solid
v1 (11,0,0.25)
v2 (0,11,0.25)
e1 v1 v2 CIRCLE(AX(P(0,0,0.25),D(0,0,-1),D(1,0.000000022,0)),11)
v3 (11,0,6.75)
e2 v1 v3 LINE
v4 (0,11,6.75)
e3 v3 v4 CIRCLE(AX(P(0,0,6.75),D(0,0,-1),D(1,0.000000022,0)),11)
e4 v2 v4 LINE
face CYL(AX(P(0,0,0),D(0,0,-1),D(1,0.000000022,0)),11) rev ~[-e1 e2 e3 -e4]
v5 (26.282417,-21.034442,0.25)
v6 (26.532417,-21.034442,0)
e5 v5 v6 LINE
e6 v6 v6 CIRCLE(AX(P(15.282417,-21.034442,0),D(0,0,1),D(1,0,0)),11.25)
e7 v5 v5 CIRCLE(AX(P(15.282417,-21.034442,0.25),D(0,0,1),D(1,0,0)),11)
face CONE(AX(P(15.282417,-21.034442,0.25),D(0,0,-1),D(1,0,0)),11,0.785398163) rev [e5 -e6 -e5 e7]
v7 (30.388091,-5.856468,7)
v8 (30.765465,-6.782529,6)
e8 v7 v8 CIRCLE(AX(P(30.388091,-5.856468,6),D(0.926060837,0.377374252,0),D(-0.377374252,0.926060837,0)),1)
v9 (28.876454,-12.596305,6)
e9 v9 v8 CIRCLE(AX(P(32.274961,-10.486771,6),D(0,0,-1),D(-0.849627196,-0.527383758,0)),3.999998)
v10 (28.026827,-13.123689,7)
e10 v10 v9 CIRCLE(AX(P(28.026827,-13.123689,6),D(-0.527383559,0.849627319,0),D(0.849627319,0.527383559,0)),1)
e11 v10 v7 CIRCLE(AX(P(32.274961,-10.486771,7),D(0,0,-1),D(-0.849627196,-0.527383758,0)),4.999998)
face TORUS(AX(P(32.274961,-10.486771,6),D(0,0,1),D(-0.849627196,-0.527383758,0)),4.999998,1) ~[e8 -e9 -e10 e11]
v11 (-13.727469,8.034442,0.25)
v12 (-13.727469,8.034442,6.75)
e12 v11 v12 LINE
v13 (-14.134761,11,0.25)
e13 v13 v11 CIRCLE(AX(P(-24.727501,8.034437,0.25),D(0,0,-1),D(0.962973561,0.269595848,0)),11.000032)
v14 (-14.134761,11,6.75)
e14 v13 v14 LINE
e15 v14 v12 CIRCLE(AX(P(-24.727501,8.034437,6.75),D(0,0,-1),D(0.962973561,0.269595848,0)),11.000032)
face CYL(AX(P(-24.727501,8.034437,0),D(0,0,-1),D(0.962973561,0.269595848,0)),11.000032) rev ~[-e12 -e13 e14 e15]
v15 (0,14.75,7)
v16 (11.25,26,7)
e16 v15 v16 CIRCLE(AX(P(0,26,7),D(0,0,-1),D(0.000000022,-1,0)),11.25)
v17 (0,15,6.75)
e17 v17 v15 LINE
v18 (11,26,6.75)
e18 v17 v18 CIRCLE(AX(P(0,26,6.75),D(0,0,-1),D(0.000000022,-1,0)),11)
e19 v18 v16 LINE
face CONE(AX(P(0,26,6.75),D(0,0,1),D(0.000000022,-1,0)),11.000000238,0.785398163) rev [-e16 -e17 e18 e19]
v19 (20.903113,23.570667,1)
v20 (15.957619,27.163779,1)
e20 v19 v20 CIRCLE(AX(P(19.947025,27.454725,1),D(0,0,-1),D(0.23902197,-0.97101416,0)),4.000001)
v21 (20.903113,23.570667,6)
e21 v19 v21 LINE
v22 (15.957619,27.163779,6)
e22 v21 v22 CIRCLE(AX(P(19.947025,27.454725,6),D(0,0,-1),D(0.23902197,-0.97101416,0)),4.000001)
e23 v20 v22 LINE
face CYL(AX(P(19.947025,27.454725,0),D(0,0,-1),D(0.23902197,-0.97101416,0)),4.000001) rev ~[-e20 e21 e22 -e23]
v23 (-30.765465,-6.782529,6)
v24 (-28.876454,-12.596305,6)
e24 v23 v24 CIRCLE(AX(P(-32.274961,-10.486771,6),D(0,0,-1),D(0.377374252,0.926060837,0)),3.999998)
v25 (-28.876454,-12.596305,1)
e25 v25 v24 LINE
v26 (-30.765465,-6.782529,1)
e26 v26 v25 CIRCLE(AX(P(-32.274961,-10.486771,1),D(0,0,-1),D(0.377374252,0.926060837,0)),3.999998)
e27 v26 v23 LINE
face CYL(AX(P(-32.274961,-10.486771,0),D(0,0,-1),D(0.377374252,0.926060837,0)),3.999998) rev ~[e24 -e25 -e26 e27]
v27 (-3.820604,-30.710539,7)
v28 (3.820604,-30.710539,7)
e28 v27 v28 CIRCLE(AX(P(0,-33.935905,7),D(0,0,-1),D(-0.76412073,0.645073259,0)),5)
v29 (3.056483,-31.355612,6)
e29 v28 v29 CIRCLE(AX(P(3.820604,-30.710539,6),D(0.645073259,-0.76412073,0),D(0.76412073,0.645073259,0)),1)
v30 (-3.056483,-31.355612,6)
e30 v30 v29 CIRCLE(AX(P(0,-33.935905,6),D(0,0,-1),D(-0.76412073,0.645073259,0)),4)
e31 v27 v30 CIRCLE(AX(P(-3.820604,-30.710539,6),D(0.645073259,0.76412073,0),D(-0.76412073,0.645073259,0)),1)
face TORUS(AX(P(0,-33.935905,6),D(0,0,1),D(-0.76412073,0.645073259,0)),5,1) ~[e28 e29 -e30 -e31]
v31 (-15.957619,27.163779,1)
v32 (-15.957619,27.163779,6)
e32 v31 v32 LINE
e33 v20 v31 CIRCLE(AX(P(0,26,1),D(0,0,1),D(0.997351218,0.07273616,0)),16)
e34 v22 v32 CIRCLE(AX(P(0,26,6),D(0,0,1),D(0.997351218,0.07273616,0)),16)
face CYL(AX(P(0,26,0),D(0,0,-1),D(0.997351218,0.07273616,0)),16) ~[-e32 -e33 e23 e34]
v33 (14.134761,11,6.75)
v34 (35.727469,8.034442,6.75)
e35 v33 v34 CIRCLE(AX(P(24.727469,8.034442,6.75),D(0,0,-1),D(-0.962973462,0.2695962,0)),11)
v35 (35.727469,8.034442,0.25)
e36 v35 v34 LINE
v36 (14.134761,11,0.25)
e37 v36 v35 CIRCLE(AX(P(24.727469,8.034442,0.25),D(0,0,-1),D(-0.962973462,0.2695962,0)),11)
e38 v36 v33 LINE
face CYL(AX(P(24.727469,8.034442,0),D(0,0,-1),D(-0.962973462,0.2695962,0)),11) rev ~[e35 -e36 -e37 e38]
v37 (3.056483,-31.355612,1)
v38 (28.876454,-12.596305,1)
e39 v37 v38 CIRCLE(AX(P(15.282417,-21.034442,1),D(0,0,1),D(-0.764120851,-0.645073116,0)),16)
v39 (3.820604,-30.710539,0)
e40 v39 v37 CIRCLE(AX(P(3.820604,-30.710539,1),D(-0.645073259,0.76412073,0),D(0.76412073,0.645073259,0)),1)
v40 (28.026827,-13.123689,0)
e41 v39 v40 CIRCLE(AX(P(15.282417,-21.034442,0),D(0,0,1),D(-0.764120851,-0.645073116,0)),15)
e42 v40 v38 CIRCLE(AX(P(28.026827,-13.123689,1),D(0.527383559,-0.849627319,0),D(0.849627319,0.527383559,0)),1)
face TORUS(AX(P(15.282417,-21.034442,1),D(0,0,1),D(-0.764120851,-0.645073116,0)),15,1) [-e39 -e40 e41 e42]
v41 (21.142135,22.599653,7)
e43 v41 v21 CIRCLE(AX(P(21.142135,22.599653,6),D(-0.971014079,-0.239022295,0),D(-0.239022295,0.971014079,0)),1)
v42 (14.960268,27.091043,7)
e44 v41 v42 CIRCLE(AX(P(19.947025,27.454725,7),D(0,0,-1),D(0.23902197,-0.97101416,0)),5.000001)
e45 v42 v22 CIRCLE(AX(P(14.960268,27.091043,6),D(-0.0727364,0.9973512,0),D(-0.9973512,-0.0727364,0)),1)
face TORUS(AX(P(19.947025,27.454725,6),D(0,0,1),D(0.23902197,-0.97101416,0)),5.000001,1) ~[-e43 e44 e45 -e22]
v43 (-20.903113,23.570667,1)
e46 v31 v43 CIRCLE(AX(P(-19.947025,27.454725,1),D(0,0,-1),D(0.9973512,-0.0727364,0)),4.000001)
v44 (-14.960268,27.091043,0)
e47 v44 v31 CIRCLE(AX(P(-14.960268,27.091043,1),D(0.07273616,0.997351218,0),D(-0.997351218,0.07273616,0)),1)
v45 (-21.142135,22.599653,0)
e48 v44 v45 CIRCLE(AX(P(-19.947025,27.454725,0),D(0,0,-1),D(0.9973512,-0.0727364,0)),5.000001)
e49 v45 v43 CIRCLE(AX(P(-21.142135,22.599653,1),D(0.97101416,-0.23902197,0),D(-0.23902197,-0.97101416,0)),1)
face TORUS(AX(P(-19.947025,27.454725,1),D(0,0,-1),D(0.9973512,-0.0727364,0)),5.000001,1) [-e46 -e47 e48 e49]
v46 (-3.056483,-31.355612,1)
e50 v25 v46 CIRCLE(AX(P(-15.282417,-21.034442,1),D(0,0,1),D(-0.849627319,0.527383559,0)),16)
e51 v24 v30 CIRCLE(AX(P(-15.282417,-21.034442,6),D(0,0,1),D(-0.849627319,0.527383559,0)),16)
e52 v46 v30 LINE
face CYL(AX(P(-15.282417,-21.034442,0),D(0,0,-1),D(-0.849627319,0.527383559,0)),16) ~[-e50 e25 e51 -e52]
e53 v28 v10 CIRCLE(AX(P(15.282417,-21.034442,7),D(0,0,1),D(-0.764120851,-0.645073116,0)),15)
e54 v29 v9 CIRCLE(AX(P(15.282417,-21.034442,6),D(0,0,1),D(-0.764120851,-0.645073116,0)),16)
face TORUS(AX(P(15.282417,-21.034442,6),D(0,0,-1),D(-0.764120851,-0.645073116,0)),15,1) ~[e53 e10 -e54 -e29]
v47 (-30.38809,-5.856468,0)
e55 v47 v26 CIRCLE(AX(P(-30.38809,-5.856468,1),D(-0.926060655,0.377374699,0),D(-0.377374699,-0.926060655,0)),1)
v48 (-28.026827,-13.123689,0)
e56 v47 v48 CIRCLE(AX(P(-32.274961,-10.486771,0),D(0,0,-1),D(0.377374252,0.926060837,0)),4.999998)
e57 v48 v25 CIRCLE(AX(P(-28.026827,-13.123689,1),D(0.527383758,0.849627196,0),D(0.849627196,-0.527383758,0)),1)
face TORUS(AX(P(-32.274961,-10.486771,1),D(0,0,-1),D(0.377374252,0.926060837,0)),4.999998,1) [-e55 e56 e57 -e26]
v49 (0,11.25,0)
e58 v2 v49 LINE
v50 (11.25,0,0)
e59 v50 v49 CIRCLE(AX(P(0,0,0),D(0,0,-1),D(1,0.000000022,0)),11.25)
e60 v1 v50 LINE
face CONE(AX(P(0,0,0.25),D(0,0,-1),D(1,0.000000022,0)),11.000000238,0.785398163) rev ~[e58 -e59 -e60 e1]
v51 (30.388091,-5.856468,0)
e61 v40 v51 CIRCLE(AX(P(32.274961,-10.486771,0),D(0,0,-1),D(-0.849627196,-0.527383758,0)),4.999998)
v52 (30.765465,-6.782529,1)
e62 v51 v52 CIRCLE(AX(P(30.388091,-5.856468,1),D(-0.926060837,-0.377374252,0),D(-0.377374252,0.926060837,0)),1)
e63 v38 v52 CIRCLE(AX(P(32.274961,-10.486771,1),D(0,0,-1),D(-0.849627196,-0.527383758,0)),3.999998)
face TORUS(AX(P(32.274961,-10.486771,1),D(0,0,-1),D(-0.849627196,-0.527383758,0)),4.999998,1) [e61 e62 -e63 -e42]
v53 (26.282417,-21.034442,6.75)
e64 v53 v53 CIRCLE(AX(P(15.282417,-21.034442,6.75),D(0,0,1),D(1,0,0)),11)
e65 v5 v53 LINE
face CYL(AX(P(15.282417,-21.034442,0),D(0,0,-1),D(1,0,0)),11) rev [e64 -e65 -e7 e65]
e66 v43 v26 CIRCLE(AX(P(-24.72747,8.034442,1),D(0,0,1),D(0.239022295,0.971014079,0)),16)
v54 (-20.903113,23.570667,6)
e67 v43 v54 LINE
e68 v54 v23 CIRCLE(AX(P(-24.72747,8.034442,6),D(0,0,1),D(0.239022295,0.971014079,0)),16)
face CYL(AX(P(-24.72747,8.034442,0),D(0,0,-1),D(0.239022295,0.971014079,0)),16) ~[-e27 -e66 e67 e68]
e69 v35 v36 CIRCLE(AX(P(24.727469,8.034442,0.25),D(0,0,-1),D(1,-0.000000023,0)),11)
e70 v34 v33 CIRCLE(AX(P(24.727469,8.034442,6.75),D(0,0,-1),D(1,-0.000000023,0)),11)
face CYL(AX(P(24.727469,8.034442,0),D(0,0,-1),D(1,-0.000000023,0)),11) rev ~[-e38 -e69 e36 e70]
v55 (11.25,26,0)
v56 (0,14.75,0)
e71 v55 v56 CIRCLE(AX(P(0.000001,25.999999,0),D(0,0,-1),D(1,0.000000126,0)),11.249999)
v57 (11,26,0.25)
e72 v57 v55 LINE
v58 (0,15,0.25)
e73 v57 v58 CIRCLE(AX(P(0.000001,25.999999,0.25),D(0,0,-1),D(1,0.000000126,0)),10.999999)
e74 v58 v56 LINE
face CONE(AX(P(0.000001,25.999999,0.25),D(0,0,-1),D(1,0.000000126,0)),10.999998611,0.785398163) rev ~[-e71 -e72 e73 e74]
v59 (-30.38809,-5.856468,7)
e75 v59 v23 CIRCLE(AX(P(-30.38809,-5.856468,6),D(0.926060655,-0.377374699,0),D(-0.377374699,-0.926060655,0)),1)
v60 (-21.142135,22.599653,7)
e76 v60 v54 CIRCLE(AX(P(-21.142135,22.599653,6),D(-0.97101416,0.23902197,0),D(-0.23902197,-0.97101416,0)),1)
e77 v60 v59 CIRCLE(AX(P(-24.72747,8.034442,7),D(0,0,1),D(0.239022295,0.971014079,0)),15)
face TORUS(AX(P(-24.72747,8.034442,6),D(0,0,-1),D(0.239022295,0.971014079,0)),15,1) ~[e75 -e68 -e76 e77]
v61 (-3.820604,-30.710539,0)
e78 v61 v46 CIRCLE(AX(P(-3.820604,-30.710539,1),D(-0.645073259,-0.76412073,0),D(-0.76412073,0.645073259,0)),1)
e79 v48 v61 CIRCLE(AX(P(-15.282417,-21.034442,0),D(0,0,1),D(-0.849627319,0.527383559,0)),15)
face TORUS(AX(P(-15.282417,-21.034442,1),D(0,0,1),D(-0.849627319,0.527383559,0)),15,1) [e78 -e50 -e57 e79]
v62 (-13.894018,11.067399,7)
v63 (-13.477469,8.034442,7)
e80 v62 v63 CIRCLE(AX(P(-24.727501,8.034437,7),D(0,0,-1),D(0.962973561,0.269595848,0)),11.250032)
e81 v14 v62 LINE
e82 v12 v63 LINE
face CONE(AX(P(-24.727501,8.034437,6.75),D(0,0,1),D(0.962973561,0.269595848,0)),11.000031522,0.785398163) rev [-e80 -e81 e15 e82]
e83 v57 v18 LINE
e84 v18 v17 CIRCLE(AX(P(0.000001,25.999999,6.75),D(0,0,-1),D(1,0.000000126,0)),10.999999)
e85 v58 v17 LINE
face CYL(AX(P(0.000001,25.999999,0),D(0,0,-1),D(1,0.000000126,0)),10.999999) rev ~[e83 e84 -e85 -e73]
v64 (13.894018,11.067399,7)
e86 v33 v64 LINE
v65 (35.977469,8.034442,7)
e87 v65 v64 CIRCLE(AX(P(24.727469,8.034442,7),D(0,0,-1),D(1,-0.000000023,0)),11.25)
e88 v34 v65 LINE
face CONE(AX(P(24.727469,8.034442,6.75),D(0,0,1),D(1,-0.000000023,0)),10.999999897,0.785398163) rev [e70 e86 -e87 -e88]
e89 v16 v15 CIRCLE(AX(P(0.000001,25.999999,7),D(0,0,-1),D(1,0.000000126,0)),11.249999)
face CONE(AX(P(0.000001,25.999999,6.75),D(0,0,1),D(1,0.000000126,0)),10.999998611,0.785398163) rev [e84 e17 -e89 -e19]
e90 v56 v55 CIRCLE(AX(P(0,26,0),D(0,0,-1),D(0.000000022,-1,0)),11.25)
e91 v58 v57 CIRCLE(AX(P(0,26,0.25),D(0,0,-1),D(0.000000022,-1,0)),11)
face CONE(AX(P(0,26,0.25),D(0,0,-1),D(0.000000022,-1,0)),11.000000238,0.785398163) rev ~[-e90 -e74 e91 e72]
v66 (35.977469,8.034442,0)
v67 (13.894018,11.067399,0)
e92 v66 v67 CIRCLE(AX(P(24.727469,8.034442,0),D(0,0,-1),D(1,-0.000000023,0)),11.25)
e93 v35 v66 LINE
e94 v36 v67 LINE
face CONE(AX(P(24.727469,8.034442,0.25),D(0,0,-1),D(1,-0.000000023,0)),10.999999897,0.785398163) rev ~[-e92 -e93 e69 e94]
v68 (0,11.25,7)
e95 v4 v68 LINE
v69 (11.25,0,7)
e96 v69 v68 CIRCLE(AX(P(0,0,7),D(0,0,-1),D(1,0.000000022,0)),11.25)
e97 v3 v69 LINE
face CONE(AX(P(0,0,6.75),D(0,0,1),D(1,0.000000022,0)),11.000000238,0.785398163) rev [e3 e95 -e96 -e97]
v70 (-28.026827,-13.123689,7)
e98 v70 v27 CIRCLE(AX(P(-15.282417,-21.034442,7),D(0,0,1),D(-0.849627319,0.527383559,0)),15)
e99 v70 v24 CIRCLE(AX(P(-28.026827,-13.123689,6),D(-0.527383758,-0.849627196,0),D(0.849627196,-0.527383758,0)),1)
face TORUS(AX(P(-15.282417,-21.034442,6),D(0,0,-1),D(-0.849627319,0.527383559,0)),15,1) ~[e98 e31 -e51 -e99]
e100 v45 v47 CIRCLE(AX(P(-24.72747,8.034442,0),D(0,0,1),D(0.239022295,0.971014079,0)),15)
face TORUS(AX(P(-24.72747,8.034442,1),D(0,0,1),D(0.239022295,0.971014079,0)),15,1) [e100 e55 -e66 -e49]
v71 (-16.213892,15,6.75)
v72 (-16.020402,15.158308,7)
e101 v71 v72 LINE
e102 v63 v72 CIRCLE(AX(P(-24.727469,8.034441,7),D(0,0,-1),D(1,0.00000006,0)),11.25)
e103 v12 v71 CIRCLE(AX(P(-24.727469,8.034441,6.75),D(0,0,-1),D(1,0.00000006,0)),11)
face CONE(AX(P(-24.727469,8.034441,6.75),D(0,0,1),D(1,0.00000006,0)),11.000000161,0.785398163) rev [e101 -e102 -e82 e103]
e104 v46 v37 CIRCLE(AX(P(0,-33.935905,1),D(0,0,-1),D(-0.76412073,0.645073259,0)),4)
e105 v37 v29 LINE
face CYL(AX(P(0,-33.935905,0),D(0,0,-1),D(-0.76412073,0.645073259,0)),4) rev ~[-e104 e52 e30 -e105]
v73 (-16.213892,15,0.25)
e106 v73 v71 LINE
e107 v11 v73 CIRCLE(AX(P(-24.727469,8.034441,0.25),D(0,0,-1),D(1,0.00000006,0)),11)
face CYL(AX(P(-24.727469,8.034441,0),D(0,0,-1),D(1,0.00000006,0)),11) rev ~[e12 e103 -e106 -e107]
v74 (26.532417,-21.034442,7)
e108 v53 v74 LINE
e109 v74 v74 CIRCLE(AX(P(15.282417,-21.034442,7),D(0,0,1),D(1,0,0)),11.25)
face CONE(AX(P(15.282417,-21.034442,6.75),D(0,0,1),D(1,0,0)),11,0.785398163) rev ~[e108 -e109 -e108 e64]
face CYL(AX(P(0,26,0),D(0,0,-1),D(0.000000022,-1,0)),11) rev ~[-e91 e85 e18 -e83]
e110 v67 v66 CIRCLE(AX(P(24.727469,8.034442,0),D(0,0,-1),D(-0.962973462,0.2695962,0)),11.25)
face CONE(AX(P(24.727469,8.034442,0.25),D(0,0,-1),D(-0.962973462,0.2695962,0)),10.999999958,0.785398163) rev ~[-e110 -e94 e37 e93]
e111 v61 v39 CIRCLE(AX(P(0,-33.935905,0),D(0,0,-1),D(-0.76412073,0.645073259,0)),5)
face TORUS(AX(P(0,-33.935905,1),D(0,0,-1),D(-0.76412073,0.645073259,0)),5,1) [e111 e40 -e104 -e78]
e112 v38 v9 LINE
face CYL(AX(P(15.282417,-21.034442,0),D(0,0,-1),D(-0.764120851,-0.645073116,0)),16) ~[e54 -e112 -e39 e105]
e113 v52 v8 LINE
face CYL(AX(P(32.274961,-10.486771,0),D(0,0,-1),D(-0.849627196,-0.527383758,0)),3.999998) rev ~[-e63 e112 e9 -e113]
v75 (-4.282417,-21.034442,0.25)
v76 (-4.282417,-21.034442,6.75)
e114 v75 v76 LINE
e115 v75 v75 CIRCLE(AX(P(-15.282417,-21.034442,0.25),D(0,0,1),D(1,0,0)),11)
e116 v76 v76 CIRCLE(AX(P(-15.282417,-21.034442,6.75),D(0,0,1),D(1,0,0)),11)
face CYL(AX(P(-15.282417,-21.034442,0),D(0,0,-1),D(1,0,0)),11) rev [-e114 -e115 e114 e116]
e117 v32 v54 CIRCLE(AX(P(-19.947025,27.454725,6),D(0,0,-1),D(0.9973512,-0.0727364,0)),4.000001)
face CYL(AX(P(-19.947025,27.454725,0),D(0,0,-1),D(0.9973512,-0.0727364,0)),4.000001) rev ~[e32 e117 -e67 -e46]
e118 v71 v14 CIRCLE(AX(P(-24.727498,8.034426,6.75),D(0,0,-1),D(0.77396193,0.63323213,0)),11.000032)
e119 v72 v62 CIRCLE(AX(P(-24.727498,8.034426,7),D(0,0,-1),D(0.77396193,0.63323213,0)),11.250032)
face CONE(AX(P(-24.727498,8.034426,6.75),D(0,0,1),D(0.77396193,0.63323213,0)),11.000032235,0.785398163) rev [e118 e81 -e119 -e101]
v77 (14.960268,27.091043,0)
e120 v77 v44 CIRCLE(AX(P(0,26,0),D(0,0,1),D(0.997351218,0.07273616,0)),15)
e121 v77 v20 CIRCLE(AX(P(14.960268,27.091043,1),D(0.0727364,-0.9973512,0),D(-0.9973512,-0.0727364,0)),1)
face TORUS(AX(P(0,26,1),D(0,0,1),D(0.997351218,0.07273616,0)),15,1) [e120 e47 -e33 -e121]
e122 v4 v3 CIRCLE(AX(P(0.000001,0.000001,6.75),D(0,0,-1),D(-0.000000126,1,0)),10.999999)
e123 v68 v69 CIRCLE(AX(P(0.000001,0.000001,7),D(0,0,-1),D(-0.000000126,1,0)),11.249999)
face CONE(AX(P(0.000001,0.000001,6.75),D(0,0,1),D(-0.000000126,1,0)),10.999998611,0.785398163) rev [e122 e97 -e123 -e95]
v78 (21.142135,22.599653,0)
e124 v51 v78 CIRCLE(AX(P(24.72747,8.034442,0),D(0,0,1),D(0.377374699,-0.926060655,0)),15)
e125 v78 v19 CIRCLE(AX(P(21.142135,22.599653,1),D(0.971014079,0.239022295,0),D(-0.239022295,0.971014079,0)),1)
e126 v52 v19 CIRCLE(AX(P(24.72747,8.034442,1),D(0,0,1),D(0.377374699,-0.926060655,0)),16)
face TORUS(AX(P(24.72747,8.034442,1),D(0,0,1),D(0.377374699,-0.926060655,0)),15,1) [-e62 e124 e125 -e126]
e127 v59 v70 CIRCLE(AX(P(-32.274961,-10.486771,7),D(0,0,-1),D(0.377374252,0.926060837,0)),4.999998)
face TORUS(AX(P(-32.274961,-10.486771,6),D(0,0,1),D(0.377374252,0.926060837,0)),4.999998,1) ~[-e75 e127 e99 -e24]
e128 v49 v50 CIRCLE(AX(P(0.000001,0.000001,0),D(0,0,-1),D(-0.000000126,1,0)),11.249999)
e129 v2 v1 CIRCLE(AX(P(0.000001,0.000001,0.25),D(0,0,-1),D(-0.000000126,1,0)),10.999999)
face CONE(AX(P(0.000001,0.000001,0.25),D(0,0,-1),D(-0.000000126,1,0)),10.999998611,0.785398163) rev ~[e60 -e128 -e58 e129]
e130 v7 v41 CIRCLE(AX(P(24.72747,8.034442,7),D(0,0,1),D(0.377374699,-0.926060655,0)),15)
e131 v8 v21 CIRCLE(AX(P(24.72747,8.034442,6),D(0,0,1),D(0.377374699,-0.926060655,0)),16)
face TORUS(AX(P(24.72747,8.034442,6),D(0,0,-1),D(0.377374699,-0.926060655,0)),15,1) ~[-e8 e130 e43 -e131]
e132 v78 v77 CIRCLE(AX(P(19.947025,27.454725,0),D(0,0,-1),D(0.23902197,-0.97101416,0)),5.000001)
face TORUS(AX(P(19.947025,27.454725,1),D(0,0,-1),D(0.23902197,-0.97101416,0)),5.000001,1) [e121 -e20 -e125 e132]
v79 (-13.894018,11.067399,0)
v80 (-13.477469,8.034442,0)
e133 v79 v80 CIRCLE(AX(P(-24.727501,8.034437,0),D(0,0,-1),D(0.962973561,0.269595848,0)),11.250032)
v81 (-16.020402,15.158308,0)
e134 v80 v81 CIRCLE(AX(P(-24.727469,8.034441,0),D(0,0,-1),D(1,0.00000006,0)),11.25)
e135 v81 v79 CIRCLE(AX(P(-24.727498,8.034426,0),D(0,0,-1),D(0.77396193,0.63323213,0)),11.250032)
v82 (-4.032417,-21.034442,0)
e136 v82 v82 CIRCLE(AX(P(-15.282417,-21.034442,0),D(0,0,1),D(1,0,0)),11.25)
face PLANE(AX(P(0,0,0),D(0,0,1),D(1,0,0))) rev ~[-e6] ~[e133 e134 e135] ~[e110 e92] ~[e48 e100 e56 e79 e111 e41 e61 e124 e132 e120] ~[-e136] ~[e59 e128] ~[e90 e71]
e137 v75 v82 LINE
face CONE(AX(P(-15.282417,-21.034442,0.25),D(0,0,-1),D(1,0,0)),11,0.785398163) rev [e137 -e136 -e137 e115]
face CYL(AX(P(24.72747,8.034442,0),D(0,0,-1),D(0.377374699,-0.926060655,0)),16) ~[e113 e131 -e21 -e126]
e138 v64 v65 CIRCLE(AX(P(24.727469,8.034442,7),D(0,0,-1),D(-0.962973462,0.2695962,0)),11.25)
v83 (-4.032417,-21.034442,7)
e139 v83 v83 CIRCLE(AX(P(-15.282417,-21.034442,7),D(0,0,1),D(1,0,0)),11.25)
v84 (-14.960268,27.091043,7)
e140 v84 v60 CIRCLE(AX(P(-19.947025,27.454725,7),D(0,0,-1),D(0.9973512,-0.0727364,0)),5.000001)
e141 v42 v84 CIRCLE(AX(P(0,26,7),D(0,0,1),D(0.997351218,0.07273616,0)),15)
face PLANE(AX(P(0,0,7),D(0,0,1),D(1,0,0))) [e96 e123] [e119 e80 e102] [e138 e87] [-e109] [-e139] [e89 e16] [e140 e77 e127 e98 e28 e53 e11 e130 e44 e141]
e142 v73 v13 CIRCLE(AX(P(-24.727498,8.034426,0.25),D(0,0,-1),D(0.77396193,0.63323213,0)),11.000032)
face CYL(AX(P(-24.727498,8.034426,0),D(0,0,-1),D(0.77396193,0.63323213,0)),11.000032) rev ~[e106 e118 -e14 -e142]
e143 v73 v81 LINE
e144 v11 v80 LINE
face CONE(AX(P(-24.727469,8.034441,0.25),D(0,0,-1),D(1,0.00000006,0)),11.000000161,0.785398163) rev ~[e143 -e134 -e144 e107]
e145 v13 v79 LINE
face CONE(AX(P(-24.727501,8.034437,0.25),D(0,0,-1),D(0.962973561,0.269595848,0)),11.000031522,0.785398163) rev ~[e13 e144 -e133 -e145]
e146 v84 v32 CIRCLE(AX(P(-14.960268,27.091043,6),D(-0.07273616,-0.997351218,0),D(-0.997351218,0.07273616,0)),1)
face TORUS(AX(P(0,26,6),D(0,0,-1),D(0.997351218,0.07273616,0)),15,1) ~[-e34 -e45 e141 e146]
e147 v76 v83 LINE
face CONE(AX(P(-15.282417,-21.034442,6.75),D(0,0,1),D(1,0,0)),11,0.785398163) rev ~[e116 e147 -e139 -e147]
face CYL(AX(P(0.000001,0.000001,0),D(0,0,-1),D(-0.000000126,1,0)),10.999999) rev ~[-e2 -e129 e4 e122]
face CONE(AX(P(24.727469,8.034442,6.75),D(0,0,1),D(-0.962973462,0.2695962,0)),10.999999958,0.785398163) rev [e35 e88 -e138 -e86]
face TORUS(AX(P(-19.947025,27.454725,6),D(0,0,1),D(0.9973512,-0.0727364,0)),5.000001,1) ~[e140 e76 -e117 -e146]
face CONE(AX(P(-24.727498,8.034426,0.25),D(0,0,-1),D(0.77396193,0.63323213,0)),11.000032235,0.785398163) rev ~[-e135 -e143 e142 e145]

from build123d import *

# Parameters (mm, degrees)
F0_R     = 11
F1_DEPTH = 7
F2_SIZE  = 0.25
F3_R     = 1


with BuildPart() as f1:
    # F0 (on Top) → F1 (new body)
    with BuildSketch(Plane.XY):
        with BuildLine():
            ThreePointArc((20.903113, 23.570667), (17.595883, 24.218656), (15.957619, 27.163779))
            ThreePointArc((15.957619, 27.163779), (0, 42), (-15.957619, 27.163779))
            ThreePointArc((-15.957619, 27.163779), (-17.595883, 24.218656), (-20.903113, 23.570667))
            ThreePointArc((-20.903113, 23.570667), (-39.944374, 12.978714), (-30.765465, -6.782529))
            ThreePointArc((-30.765465, -6.782529), (-28.470737, -9.250703), (-28.876454, -12.596305))
            ThreePointArc((-28.876454, -12.596305), (-24.686981, -33.978714), (-3.056483, -31.355612))
            ThreePointArc((-3.056483, -31.355612), (0, -29.935905), (3.056483, -31.355612))
            ThreePointArc((3.056483, -31.355612), (24.686981, -33.978714), (28.876454, -12.596305))
            ThreePointArc((28.876454, -12.596305), (28.470737, -9.250703), (30.765465, -6.782529))
            ThreePointArc((30.765465, -6.782529), (39.944374, 12.978714), (20.903113, 23.570667))
        make_face()
        with Locations((-15.282417, -21.034442)):
            Circle(F0_R, mode=Mode.SUBTRACT)
        with BuildLine():
            ThreePointArc((0, 11), (7.778175, 7.778175), (11, 0))
            ThreePointArc((11, 0), (-7.778175, -7.778175), (0, 11))
        make_face(mode=Mode.SUBTRACT)
        with Locations((15.282417, -21.034442)):
            Circle(F0_R, mode=Mode.SUBTRACT)
        with BuildLine():
            ThreePointArc((-16.213892, 15), (-14.967217, 13.107652), (-14.134761, 11))
            ThreePointArc((-14.134761, 11), (-13.829768, 9.53114), (-13.727469, 8.034442))
            ThreePointArc((-13.727469, 8.034442), (-35.087232, 4.336426), (-16.213892, 15))
        make_face(mode=Mode.SUBTRACT)
        with BuildLine():
            ThreePointArc((11, 26), (7.778175, 18.221825), (0, 15))
            ThreePointArc((0, 15), (-7.778175, 33.778175), (11, 26))
        make_face(mode=Mode.SUBTRACT)
        with BuildLine():
            ThreePointArc((35.727469, 8.034442), (23.230771, -2.863259), (14.134761, 11))
            ThreePointArc((14.134761, 11), (26.224168, 18.932143), (35.727469, 8.034442))
        make_face(mode=Mode.SUBTRACT)
    extrude(amount=F1_DEPTH)

    # F2
    f2_edges = [f1.edges().sort_by_distance(p)[0] for p in [
        (-11, 26, 0),
        (11, 26, 3.5),
        (-11, 26, 7),
        (35.320178, 5.068884, 0),
        (14.134761, 11, 3.5),
        (35.320178, 5.068884, 7),
        (0, -11, 0),
        (0, 11, 3.5),
        (0, -11, 7),
        (-33.241047, 1.068884, 0),
        (-16.213892, 15, 3.5),
        (-33.241047, 1.068884, 7),
        (-4.282417, -21.034442, 3.5),
        (-26.282417, -21.034442, 0),
        (-26.282417, -21.034442, 7),
        (26.282417, -21.034442, 3.5),
        (4.282417, -21.034442, 0),
        (4.282417, -21.034442, 7),
    ]]
    chamfer(f2_edges, length=F2_SIZE)

    # F3
    f3_edges = [f1.edges().sort_by_distance(p)[0] for p in [
        (0, -29.935905, 7),
        (0, -29.935905, 0),
    ]]
    fillet(f3_edges, radius=F3_R)


solid = f1.part
